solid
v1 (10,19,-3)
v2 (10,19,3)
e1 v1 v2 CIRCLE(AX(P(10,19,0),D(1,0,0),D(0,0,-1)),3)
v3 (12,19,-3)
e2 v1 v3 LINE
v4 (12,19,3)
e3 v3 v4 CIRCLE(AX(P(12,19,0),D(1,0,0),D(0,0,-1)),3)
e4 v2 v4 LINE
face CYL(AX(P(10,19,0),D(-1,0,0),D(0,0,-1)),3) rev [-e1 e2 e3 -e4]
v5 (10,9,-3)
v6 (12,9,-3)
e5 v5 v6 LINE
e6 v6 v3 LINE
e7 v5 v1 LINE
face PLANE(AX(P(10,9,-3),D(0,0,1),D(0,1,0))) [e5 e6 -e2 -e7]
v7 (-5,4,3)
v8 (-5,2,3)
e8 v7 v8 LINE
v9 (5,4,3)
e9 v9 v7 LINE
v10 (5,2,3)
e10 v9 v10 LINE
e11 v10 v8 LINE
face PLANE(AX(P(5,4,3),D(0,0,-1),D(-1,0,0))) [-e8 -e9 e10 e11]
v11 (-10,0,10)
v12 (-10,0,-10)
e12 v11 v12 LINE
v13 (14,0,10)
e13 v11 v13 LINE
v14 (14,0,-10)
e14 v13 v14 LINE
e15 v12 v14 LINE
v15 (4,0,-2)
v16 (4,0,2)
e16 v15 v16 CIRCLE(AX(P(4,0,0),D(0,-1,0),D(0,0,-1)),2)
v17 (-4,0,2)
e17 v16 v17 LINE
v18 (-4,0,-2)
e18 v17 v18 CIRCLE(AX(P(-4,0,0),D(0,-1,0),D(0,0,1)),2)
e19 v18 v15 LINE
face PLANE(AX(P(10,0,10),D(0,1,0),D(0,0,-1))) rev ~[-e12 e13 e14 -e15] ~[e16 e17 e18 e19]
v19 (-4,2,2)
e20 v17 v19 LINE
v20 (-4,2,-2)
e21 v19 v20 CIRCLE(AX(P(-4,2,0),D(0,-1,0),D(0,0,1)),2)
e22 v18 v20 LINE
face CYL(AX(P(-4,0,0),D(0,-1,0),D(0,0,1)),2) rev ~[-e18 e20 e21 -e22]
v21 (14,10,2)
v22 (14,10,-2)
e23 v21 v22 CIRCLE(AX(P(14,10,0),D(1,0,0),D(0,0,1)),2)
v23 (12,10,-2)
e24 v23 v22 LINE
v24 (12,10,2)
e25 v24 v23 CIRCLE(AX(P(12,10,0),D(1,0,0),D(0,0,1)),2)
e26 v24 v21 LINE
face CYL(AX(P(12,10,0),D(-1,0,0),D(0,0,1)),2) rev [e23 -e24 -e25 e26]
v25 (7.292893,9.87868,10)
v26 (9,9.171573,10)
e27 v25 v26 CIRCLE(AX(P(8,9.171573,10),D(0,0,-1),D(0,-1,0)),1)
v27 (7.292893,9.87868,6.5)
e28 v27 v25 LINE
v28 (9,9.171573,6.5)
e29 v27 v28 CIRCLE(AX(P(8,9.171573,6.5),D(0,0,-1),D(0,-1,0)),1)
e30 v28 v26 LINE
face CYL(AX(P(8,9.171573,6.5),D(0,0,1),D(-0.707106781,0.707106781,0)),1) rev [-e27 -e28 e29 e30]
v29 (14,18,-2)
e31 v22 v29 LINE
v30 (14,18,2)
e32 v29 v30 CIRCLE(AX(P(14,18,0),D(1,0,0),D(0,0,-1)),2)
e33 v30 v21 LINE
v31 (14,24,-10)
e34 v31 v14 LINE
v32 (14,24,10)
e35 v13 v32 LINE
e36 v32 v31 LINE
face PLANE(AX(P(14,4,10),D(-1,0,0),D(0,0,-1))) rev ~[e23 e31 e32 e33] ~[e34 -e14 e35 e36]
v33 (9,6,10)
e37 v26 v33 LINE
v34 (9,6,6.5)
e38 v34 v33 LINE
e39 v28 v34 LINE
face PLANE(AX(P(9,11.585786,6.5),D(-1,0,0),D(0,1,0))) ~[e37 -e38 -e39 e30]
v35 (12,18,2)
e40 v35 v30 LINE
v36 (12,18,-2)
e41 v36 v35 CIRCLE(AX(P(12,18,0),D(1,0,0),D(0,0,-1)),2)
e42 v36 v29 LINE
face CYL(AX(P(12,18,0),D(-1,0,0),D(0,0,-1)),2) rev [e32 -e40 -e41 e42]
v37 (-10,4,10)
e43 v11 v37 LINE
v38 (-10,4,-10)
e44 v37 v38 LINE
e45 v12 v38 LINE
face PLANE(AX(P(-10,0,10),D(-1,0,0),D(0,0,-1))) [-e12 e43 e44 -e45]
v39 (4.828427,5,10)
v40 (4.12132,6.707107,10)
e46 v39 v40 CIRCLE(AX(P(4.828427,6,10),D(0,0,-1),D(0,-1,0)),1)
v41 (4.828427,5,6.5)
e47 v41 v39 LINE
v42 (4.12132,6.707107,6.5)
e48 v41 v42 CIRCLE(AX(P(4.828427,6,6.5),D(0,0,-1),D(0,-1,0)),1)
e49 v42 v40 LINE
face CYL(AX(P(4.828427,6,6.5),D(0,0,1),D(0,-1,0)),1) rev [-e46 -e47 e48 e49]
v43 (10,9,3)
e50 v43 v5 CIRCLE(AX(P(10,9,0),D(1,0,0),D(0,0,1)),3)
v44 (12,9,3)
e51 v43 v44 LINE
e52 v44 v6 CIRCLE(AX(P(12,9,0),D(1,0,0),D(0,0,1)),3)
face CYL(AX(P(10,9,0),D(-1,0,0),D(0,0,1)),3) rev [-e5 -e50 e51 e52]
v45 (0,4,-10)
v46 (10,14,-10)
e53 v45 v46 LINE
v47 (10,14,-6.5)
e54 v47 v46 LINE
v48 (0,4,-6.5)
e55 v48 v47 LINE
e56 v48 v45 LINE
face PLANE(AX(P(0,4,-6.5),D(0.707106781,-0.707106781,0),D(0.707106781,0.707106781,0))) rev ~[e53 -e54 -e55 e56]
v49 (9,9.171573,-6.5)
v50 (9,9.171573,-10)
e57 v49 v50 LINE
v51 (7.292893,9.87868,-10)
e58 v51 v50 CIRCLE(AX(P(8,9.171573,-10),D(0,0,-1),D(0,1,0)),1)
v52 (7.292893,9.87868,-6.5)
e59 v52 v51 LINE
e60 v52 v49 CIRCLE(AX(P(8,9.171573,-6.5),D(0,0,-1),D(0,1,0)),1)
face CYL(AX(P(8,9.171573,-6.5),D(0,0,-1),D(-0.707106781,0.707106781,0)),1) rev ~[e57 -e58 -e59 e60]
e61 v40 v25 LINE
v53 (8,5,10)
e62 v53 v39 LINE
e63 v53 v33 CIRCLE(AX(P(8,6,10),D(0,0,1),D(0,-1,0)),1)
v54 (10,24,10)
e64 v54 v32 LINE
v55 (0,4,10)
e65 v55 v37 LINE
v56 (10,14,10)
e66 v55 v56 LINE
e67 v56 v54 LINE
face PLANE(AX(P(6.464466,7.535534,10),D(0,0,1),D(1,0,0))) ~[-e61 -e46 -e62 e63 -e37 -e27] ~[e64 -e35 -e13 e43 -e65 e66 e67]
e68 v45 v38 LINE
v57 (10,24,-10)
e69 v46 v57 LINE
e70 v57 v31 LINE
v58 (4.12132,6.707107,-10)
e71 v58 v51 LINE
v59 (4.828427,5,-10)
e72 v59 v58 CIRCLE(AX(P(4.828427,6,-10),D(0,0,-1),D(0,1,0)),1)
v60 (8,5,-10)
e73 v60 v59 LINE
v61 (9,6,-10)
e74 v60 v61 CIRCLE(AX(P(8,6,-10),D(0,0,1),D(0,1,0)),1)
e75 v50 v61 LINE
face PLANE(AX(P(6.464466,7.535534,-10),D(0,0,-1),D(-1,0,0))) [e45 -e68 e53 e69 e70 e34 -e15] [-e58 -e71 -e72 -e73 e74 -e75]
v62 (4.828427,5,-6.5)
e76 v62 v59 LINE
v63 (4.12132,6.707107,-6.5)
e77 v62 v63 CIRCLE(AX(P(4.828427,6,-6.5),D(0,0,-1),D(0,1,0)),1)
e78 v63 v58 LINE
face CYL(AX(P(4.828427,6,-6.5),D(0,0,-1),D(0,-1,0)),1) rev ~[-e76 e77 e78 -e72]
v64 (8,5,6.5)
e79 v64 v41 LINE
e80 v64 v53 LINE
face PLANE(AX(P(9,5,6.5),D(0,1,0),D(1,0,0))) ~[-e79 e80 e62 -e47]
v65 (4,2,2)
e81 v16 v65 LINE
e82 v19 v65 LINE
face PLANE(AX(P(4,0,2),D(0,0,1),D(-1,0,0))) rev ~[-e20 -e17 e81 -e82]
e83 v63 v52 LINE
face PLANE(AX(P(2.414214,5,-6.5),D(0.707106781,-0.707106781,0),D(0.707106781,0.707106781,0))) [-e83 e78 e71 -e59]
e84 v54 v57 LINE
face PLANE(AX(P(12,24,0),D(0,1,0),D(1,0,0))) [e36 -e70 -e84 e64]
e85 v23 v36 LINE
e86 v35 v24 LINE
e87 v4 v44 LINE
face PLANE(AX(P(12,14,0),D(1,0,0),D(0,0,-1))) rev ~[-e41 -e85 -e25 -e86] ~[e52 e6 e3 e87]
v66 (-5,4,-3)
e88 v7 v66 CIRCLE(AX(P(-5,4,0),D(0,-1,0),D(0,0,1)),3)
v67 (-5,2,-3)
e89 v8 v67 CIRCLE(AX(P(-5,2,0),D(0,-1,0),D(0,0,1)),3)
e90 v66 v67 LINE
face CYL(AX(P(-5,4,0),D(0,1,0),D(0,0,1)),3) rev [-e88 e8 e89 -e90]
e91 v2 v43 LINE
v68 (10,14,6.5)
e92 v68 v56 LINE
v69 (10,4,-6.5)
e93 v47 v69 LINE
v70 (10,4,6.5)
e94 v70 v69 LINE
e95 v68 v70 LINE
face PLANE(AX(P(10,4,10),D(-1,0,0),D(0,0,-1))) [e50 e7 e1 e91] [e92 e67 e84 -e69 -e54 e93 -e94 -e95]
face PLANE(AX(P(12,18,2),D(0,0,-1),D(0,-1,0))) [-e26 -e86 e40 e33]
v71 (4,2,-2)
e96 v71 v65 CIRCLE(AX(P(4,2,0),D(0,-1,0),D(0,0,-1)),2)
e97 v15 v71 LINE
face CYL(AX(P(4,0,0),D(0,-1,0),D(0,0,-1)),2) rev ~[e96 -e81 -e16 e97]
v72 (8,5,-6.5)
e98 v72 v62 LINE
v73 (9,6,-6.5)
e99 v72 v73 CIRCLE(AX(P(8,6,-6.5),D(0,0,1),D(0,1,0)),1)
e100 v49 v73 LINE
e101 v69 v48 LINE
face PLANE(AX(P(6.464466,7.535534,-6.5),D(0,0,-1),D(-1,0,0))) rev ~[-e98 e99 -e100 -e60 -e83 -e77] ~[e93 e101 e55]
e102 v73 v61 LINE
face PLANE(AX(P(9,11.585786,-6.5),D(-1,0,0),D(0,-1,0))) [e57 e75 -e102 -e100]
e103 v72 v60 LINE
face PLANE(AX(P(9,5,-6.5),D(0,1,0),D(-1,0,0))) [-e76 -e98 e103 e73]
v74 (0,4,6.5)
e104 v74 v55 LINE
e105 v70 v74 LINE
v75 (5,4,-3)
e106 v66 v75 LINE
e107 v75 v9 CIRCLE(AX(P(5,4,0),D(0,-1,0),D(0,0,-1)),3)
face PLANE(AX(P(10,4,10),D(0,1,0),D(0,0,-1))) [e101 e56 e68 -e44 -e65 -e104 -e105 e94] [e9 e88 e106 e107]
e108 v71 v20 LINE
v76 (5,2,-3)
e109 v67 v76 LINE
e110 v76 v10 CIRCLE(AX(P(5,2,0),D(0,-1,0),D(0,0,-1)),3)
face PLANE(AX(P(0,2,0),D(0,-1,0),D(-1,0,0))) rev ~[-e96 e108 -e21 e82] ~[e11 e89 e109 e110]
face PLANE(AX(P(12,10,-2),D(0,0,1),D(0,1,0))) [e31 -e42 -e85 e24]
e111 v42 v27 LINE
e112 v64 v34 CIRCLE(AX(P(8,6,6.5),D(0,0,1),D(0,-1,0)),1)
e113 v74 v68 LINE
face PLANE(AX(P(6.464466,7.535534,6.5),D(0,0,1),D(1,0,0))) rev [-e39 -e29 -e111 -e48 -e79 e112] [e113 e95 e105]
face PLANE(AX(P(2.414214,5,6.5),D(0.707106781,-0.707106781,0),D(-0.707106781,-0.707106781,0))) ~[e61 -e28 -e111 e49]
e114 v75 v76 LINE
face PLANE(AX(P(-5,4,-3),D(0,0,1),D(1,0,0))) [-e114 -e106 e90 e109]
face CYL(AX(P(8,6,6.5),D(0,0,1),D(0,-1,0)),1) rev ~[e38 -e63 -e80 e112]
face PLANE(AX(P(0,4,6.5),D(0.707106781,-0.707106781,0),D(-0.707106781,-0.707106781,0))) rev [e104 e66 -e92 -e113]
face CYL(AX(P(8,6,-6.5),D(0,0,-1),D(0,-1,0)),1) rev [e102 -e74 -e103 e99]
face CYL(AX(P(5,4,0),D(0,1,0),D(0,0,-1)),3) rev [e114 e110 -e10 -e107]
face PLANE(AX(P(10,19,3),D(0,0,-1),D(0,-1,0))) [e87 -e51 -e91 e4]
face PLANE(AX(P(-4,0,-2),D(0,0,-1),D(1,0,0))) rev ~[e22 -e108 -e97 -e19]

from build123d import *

# Parameters (mm, degrees)
SKETCH1_W            = 20
SKETCH1_H            = 20
BOSS_EXTRUDE1_DEPTH  = 4
CUT_EXTRUDE1_DEPTH   = 2
SKETCH4_W            = 20
SKETCH4_H            = 4
BOSS_EXTRUDE2_DEPTH  = 4
SKETCH5_W            = 4
SKETCH5_H            = 20
BOSS_EXTRUDE3_DEPTH  = 20
CUT_EXTRUDE2_DEPTH   = 2
CUT_EXTRUDE3_DEPTH   = 2
EXTRUDE_THIN2_DEPTH  = 3.5
FILLET1_R            = 1
FILLET1_OF_MIRROR3_R = 1


with BuildPart() as part:
    # Sketch1 → Boss-Extrude1 (new body)
    with BuildSketch(Plane(origin=(0, 0, 0), x_dir=(1, 0, 0), z_dir=(0, 1, 0))):
        Rectangle(SKETCH1_W, SKETCH1_H)
        with BuildLine():
            Line((-4, 2), (4, 2))
            ThreePointArc((4, 2), (6, 0), (4, -2))
            Line((4, -2), (-4, -2))
            ThreePointArc((-4, -2), (-6, 0), (-4, 2))
        make_face(mode=Mode.SUBTRACT)
    extrude(amount=BOSS_EXTRUDE1_DEPTH)

    # Sketch3 → Cut-Extrude1 (cut)
    with BuildSketch(Plane(origin=(0, 4, 0), x_dir=(1, 0, 0), z_dir=(0, 1, 0))):
        with BuildLine():
            Line((-5, 3), (5, 3))
            ThreePointArc((5, 3), (8, 0), (5, -3))
            Line((5, -3), (-5, -3))
            ThreePointArc((-5, -3), (-8, 0), (-5, 3))
        make_face()
    extrude(amount=-CUT_EXTRUDE1_DEPTH, mode=Mode.SUBTRACT)

    # Sketch4 → Boss-Extrude2 (add)
    with BuildSketch(Plane(origin=(10, 0, 0), x_dir=(0, 0, -1), z_dir=(1, 0, 0))):
        with Locations((0, 2)):
            Rectangle(SKETCH4_W, SKETCH4_H)
    extrude(amount=BOSS_EXTRUDE2_DEPTH)

    # Sketch5 → Boss-Extrude3 (add)
    with BuildSketch(Plane(origin=(0, 4, 0), x_dir=(1, 0, 0), z_dir=(0, 1, 0))):
        with Locations((12, 0)):
            Rectangle(SKETCH5_W, SKETCH5_H)
    extrude(amount=BOSS_EXTRUDE3_DEPTH)

    # Sketch6 → Cut-Extrude2 (cut)
    with BuildSketch(Plane.ZY.offset(-10)):
        with BuildLine():
            Line((-3, 9), (-3, 19))
            ThreePointArc((-3, 19), (0, 22), (3, 19))
            Line((3, 19), (3, 9))
            ThreePointArc((3, 9), (0, 6), (-3, 9))
        make_face()
    extrude(amount=-CUT_EXTRUDE2_DEPTH, mode=Mode.SUBTRACT)

    # Sketch7 → Cut-Extrude3 (cut)
    with BuildSketch(Plane.ZY.offset(-12)):
        with BuildLine():
            Line((-2, 10), (-2, 18))
            ThreePointArc((-2, 18), (0, 20), (2, 18))
            Line((2, 18), (2, 10))
            ThreePointArc((2, 10), (0, 8), (-2, 10))
        make_face()
    extrude(amount=-CUT_EXTRUDE3_DEPTH, mode=Mode.SUBTRACT)

    # Sketch17 → Extrude-Thin2 (add)
    with BuildSketch(Plane.XY.offset(-6.5)):
        Polygon((10, 4), (0, 4), (10, 14), align=None)
        Polygon((9, 5), (2.414213562, 5), (9, 11.585786438), align=None, mode=Mode.SUBTRACT)
    extrude_thin2 = extrude(amount=-EXTRUDE_THIN2_DEPTH)

    # Fillet1
    fillet1_edges = [part.edges().sort_by_distance(p)[0] for p in [
        (9, 5, -8.25),
        (2.414213562, 5, -8.25),
        (9, 11.585786438, -8.25),
    ]]
    fillet(fillet1_edges, radius=FILLET1_R)

    # Mirror3: Extrude-Thin2 across plane
    add(extrude_thin2.mirror(Plane.XY))

    # Fillet1 of Mirror3
    fillet1_of_mirror3_edges = [part.edges().sort_by_distance(p)[0] for p in [
        (9, 5, 8.25),
        (2.414213562, 5, 8.25),
        (9, 11.585786438, 8.25),
    ]]
    fillet(fillet1_of_mirror3_edges, radius=FILLET1_OF_MIRROR3_R)


solid = part.part
